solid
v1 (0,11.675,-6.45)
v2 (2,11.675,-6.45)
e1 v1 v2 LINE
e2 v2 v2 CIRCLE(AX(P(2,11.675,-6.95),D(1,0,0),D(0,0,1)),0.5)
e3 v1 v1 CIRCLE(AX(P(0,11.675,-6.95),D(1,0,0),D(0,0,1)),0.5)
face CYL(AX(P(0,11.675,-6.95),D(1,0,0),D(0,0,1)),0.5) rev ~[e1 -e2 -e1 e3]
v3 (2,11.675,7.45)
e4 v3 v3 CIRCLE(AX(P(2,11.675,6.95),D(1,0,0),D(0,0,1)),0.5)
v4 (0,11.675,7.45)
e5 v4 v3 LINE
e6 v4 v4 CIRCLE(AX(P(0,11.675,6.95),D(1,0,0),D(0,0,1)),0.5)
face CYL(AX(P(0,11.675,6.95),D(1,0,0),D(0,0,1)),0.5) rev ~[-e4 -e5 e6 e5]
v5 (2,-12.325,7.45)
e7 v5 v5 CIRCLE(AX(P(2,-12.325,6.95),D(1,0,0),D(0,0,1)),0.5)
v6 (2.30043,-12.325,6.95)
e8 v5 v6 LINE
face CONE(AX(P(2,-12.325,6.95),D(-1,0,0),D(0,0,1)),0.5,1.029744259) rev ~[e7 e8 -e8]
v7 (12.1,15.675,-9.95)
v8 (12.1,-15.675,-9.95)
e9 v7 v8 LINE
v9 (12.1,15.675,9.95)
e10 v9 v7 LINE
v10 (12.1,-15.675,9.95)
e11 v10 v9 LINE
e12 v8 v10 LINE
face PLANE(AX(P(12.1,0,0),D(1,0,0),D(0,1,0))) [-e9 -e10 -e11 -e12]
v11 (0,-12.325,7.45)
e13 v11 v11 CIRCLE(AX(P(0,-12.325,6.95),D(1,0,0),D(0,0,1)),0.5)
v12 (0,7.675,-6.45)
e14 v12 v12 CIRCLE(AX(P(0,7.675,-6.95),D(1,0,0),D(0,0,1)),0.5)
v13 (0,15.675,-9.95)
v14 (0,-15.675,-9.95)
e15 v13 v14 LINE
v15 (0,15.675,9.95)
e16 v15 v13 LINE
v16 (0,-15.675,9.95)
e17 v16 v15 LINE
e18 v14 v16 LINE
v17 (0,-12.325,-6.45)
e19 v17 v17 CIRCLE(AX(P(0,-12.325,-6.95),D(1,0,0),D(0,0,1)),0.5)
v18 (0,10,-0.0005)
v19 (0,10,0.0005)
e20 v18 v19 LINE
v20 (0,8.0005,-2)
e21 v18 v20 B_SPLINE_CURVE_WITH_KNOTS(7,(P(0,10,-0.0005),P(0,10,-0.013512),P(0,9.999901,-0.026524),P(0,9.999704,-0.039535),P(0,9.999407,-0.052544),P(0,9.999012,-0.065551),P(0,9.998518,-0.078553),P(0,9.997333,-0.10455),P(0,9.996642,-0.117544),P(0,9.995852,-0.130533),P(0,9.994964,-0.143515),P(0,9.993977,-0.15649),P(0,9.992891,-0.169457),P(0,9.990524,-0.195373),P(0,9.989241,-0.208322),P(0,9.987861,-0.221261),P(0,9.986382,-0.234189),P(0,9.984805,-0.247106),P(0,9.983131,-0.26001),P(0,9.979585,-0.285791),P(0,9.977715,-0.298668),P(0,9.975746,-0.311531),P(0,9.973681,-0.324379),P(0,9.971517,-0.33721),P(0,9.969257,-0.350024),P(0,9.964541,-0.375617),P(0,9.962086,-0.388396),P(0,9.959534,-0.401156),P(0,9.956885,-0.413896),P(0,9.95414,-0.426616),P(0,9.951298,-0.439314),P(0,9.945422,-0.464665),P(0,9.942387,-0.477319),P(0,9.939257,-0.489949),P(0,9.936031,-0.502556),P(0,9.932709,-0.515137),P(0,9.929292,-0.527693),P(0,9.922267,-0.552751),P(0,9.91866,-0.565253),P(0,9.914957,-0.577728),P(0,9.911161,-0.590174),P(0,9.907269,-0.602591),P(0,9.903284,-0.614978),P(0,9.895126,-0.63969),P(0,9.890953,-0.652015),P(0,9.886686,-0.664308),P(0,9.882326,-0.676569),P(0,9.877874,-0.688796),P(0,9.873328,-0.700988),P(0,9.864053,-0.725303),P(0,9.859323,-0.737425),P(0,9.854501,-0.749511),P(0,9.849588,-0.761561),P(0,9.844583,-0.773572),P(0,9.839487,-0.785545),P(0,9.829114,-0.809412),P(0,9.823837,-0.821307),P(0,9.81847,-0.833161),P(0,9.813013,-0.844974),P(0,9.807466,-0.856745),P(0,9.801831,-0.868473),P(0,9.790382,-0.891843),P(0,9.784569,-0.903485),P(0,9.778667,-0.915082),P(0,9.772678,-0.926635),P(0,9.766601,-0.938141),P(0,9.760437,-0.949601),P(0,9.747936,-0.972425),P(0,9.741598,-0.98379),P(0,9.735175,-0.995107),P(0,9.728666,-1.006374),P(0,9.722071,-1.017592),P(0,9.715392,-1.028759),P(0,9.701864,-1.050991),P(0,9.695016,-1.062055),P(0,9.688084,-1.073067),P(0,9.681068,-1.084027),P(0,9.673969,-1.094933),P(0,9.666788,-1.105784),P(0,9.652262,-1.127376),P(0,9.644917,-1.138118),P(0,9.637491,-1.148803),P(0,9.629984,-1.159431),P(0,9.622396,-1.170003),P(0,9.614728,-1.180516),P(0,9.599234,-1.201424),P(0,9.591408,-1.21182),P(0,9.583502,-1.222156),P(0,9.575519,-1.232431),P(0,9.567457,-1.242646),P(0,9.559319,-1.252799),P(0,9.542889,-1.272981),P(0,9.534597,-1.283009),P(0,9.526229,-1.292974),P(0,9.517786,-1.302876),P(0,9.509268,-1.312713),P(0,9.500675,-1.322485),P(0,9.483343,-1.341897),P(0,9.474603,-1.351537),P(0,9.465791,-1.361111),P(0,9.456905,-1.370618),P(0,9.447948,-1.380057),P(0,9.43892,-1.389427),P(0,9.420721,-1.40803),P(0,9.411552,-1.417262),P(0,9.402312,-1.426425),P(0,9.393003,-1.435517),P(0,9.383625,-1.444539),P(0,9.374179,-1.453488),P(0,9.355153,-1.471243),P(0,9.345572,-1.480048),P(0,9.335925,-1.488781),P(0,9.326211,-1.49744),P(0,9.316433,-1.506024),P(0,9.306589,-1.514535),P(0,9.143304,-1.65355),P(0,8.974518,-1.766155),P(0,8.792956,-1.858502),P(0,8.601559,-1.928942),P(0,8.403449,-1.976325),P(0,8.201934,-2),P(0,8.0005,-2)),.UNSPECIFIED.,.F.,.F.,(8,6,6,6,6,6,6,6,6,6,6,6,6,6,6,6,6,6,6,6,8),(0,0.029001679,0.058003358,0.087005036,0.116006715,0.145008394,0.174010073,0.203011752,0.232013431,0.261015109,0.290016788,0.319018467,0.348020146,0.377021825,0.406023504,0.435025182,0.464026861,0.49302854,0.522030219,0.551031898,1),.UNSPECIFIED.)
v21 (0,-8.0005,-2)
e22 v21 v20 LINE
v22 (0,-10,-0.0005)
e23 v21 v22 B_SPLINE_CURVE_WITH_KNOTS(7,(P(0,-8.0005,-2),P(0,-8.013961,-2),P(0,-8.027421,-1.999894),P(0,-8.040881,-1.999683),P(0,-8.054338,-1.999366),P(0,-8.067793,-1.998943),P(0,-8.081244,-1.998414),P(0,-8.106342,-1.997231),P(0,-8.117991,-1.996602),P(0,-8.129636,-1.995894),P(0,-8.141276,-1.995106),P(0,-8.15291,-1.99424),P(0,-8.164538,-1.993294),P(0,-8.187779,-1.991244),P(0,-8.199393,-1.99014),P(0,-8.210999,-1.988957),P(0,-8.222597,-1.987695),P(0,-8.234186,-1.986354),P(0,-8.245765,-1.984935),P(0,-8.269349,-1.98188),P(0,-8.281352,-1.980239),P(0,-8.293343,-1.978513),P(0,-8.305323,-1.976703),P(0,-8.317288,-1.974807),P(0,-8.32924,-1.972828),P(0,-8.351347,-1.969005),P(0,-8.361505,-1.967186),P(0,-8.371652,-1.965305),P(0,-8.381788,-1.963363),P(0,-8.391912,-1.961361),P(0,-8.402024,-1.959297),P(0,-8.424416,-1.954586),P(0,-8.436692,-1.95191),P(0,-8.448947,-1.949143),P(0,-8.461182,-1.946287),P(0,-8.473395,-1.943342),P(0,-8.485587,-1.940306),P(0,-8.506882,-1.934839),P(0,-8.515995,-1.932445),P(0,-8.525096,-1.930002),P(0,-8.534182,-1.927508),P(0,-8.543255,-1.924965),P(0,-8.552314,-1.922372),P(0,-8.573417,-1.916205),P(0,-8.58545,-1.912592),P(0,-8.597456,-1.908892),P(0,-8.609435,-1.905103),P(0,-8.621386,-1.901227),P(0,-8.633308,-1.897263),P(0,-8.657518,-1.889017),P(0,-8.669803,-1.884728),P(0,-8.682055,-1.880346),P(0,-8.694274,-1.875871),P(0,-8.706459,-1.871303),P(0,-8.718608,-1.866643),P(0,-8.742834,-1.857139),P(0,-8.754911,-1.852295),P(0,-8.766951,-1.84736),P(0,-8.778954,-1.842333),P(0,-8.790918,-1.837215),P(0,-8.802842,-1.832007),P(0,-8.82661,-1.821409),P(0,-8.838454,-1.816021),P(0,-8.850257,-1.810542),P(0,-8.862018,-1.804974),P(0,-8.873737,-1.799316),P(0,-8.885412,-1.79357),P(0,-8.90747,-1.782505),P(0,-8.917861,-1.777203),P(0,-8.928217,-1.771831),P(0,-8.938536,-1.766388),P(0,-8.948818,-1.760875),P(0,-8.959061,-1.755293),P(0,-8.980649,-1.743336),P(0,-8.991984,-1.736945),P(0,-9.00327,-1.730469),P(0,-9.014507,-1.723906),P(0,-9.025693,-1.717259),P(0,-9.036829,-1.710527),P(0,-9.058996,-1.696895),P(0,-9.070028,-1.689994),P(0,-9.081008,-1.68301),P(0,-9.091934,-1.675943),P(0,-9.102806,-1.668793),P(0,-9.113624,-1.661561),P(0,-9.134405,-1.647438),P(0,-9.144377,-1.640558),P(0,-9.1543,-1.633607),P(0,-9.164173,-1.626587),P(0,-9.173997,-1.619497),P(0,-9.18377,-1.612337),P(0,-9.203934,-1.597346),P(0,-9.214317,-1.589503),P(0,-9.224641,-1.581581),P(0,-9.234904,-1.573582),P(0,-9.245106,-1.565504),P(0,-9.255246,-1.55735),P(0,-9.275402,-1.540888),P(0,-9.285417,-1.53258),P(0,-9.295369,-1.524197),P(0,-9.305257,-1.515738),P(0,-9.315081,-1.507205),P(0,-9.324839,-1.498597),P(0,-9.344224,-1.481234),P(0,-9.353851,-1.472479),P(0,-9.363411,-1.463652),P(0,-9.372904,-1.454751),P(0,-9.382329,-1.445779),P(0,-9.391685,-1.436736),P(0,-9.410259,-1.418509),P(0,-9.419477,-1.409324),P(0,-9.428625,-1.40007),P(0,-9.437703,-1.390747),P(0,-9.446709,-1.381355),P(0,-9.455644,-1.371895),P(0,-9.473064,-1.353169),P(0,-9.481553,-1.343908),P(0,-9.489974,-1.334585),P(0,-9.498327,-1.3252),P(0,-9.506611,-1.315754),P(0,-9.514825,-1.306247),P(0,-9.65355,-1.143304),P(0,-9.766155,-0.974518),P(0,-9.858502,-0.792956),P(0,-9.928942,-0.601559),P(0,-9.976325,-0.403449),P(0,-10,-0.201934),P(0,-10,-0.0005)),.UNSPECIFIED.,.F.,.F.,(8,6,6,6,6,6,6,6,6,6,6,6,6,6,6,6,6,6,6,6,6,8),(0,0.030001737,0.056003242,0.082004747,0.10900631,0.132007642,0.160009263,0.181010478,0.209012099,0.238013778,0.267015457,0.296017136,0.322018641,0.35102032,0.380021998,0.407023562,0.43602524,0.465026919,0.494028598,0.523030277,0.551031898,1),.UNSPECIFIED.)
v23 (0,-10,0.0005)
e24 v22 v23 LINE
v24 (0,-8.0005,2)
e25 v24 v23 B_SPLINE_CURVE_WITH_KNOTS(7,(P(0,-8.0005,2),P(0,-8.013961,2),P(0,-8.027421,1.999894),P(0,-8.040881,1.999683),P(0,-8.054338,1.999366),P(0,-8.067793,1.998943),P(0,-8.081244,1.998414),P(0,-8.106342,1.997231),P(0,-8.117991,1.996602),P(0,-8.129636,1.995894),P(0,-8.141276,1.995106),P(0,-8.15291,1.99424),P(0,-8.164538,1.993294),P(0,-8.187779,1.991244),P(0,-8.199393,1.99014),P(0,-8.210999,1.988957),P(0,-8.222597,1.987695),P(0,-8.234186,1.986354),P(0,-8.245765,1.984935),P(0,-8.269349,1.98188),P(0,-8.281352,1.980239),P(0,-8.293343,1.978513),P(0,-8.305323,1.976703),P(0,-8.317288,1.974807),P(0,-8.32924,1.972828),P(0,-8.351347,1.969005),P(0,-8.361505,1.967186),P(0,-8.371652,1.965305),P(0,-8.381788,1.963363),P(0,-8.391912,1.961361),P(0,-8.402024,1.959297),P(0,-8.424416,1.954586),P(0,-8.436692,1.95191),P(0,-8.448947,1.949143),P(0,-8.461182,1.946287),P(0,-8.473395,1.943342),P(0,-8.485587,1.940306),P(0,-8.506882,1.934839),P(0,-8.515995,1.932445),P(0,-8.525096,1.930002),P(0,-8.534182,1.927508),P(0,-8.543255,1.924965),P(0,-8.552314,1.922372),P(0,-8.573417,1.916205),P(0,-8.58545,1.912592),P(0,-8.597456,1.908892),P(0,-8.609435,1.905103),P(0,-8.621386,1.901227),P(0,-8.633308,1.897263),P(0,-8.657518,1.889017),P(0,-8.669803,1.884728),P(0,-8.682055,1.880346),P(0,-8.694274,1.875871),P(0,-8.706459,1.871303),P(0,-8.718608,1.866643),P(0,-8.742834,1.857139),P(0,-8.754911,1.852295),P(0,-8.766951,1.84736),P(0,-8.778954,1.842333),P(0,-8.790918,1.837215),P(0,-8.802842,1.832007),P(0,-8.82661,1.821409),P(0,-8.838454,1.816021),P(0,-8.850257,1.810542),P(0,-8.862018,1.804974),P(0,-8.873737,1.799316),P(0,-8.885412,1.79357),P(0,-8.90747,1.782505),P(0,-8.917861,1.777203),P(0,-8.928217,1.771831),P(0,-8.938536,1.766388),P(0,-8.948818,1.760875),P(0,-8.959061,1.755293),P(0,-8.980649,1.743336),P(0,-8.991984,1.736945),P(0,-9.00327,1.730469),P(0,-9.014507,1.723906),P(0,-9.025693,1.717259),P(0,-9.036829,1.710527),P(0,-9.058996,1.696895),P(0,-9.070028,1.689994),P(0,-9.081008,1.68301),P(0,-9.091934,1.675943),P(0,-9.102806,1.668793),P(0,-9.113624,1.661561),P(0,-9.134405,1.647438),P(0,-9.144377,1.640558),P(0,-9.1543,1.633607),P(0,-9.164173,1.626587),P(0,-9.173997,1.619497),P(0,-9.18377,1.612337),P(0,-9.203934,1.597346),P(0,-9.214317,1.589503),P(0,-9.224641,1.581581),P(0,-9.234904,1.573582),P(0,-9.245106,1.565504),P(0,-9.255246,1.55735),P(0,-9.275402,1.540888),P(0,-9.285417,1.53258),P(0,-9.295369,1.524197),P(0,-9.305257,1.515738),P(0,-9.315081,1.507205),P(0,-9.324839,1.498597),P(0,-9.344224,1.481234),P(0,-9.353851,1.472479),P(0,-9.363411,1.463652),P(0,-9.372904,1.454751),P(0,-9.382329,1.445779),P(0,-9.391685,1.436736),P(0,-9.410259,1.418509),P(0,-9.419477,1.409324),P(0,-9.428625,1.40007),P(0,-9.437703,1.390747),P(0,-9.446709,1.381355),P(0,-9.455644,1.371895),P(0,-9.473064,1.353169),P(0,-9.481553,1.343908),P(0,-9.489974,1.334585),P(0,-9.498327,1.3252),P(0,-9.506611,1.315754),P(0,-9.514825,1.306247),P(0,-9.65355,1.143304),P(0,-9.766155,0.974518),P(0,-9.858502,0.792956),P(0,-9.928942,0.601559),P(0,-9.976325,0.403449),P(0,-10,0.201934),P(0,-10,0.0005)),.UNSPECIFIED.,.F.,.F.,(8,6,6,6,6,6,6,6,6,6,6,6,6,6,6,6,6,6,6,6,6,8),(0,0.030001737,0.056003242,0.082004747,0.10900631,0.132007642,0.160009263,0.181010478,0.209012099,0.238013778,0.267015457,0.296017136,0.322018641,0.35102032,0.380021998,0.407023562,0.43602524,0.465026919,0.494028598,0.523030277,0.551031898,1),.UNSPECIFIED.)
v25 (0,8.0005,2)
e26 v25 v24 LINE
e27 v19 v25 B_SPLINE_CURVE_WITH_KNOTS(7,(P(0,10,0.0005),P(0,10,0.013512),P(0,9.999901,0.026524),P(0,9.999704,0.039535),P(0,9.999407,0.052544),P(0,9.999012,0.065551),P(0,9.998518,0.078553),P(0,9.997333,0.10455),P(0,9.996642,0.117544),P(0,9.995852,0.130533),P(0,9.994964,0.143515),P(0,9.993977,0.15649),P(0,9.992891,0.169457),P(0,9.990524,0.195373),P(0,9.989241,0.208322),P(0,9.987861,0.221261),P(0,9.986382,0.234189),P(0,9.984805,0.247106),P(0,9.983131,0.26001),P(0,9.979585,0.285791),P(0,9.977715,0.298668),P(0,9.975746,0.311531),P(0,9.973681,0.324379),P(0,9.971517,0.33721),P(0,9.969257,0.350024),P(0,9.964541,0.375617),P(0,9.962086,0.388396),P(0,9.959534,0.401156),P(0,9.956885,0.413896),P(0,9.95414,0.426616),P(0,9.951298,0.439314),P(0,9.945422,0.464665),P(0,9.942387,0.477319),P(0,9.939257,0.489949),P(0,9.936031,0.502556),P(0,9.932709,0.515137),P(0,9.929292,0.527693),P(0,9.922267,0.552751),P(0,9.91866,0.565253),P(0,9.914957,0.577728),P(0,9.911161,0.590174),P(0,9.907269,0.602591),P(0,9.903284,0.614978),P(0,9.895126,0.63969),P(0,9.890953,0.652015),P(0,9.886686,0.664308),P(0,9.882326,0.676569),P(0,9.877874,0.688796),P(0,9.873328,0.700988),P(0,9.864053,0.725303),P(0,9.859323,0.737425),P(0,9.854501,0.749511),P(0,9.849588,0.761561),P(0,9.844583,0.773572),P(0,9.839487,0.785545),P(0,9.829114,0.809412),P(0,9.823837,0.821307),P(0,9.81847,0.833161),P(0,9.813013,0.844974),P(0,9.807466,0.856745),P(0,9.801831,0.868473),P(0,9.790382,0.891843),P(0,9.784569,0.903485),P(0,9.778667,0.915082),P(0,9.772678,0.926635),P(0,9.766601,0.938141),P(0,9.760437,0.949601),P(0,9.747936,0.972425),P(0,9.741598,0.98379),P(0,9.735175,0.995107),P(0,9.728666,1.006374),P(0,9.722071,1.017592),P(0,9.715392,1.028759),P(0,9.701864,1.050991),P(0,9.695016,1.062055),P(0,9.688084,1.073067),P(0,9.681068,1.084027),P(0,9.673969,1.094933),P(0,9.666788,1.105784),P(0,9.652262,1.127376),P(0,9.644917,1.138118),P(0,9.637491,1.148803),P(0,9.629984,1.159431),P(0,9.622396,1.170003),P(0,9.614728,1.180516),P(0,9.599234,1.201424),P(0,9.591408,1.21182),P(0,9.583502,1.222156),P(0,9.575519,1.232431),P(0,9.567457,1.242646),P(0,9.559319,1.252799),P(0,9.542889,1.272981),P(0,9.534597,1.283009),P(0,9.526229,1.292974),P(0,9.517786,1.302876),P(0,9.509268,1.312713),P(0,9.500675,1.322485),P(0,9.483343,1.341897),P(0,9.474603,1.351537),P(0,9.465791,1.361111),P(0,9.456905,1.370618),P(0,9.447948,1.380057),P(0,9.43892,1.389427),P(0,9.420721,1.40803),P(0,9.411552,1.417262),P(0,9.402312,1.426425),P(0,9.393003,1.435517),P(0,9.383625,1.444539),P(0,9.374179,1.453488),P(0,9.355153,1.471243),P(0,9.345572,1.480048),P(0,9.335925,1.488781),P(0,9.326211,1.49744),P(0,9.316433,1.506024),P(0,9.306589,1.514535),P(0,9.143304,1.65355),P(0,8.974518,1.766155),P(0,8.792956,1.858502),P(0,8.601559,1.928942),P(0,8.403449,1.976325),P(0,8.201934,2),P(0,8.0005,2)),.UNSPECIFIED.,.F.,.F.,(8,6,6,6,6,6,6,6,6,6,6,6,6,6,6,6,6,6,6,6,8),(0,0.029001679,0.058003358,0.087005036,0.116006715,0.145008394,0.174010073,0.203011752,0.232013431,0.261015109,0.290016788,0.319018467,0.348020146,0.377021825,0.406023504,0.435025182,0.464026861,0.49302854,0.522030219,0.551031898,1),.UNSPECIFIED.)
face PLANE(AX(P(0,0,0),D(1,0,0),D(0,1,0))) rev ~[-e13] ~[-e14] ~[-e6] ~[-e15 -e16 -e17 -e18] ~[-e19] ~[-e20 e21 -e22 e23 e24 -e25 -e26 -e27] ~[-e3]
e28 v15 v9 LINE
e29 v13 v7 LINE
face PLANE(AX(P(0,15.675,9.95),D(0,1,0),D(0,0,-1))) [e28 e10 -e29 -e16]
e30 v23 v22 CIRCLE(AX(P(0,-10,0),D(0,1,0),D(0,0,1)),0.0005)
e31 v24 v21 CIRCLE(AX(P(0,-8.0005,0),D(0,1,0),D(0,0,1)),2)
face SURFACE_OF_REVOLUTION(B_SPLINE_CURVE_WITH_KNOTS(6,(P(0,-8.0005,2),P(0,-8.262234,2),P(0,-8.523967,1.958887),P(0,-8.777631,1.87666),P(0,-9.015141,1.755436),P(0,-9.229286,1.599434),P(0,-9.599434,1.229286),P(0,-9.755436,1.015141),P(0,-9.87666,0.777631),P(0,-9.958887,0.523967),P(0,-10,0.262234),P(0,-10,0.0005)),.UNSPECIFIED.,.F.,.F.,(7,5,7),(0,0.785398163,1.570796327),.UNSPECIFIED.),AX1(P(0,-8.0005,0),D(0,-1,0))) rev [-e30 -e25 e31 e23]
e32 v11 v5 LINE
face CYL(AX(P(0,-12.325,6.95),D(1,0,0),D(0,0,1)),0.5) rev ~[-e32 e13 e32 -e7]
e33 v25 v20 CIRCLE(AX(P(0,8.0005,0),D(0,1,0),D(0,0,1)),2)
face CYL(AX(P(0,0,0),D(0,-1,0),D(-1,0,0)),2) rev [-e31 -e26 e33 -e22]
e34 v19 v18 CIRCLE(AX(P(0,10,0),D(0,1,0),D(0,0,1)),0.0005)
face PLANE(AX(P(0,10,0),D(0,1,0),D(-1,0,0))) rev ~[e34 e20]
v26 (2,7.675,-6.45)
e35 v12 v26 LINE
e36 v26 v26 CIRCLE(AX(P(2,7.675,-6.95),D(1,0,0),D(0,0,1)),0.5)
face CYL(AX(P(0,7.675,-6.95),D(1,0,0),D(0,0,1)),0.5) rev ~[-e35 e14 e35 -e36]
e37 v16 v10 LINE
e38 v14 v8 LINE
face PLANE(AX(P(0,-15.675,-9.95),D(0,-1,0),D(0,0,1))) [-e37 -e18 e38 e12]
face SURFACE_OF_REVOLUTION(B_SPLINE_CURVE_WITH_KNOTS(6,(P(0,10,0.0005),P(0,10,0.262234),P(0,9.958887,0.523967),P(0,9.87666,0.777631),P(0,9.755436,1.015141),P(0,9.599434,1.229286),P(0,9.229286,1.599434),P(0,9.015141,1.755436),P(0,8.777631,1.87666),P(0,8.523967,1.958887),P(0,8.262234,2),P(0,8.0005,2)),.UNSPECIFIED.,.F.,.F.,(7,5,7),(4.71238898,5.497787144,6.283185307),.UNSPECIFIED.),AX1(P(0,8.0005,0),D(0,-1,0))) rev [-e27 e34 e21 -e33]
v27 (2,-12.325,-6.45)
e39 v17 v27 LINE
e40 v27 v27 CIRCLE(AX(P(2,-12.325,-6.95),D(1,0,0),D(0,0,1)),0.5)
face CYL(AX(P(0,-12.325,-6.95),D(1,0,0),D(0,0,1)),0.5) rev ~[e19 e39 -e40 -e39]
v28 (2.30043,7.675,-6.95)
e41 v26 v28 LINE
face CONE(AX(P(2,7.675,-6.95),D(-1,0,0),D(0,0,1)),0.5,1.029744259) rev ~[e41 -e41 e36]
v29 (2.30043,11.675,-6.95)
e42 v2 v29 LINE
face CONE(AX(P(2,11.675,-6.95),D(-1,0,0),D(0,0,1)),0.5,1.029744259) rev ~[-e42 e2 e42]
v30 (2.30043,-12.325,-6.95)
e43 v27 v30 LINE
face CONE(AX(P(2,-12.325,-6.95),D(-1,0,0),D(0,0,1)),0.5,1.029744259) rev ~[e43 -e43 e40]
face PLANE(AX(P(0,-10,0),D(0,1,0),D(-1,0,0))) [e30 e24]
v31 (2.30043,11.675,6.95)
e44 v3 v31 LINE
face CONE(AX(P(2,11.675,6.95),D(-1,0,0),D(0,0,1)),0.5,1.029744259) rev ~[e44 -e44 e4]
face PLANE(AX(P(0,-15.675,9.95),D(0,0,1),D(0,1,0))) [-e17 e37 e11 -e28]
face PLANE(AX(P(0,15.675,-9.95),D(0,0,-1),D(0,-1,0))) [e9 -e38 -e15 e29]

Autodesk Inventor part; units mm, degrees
ref_plane "YZ Plane" through (0, 0, 0) normal (1, 0, 0) x (0, 1, 0)
ref_plane "XZ Plane" through (0, 0, 0) normal (0, 1, 0) x (-1, 0, 0)
ref_plane "XY Plane" through (0, 0, 0) normal (0, 0, 1) x (1, 0, 0)
sketch "Skizze4" plane through (0, 0, 0) normal (1, 0, 0) x (0, 1, 0)
  line L0 (-15.675, 9.95) -> (15.675, 9.95)
  line L1 (15.675, 9.95) -> (15.675, -9.95)
  line L2 (15.675, -9.95) -> (-15.675, -9.95)
  line L3 (-15.675, -9.95) -> (-15.675, 9.95)
  line L4 (0, -13.93) -> (0, 13.93) construction
  line L5 (-21.945, 0) -> (21.945, 0) construction
  point P0 (0, 0)
  dimension "d4" = 31.35
  dimension "d5" = 19.9
extrude "Extrusion2" add sketch "Skizze4" along normal blind 12.1
sketch "Skizze5" plane through (0, 0, 0) normal (0, 1, 0) x (-1, 0, 0)
  circle A0 centre (0, 0) radius 2
  dimension "d8" = 4
extrude "Extrusion3" cut sketch "Skizze5" along normal mid plane 20
fillet "Rundung1" radius 2 2 edges at (2, -10, 0) (2, 10, 0)
sketch "Skizze6" plane through (0, 0, 0) normal (-1, 0, 0) x (0, 0, 1)
  line L0 (-6.95, 7.675) -> (-6.95, -12.325) construction
  line L1 (9.95, 15.675) -> (-9.95, 15.675) construction
  line L2 (-9.95, 15.675) -> (-9.95, -15.675) construction
  line L3 (-6.95, 11.675) -> (6.95, 11.675) construction
  line L4 (6.95, 11.675) -> (6.95, -12.325) construction
  line L5 (9.95, -15.675) -> (9.95, 15.675) construction
  point P0 (0, 0)
  dimension "d12" = 4
  dimension "d15" = 4
  dimension "d16" = 24
  dimension "d17" = 3
  dimension "d18" = 24
  dimension "d19" = 3
hole "Bohrung1" at (0, 7.675, -6.95) at (0, 11.675, -6.95) at (0, -12.325, -6.95) at (0, 11.675, 6.95) at (0, -12.325, 6.95) direction (1, 0, 0) diameter 1 depth 2 tip angle 118
sketch "Skizze7" plane through (12.1, 0, 0) normal (1, 0, 0) x (0, 0, -1)
  line L0 (-8.0362, 11.2286) -> (8.4274, 11.2286) construction
  line L1 (8.4274, 11.2286) -> (8.4274, -13.5124) construction
  line L2 (8.4274, -13.5124) -> (-8.0362, -13.5124) construction
  line L3 (-8.0362, -13.5124) -> (-8.0362, 11.2286) construction
  point P0 (0, 0)
equation "\"d19\" = d17"
properties part number "LDD-1000LW" material "Kst - PTFE(white)"
